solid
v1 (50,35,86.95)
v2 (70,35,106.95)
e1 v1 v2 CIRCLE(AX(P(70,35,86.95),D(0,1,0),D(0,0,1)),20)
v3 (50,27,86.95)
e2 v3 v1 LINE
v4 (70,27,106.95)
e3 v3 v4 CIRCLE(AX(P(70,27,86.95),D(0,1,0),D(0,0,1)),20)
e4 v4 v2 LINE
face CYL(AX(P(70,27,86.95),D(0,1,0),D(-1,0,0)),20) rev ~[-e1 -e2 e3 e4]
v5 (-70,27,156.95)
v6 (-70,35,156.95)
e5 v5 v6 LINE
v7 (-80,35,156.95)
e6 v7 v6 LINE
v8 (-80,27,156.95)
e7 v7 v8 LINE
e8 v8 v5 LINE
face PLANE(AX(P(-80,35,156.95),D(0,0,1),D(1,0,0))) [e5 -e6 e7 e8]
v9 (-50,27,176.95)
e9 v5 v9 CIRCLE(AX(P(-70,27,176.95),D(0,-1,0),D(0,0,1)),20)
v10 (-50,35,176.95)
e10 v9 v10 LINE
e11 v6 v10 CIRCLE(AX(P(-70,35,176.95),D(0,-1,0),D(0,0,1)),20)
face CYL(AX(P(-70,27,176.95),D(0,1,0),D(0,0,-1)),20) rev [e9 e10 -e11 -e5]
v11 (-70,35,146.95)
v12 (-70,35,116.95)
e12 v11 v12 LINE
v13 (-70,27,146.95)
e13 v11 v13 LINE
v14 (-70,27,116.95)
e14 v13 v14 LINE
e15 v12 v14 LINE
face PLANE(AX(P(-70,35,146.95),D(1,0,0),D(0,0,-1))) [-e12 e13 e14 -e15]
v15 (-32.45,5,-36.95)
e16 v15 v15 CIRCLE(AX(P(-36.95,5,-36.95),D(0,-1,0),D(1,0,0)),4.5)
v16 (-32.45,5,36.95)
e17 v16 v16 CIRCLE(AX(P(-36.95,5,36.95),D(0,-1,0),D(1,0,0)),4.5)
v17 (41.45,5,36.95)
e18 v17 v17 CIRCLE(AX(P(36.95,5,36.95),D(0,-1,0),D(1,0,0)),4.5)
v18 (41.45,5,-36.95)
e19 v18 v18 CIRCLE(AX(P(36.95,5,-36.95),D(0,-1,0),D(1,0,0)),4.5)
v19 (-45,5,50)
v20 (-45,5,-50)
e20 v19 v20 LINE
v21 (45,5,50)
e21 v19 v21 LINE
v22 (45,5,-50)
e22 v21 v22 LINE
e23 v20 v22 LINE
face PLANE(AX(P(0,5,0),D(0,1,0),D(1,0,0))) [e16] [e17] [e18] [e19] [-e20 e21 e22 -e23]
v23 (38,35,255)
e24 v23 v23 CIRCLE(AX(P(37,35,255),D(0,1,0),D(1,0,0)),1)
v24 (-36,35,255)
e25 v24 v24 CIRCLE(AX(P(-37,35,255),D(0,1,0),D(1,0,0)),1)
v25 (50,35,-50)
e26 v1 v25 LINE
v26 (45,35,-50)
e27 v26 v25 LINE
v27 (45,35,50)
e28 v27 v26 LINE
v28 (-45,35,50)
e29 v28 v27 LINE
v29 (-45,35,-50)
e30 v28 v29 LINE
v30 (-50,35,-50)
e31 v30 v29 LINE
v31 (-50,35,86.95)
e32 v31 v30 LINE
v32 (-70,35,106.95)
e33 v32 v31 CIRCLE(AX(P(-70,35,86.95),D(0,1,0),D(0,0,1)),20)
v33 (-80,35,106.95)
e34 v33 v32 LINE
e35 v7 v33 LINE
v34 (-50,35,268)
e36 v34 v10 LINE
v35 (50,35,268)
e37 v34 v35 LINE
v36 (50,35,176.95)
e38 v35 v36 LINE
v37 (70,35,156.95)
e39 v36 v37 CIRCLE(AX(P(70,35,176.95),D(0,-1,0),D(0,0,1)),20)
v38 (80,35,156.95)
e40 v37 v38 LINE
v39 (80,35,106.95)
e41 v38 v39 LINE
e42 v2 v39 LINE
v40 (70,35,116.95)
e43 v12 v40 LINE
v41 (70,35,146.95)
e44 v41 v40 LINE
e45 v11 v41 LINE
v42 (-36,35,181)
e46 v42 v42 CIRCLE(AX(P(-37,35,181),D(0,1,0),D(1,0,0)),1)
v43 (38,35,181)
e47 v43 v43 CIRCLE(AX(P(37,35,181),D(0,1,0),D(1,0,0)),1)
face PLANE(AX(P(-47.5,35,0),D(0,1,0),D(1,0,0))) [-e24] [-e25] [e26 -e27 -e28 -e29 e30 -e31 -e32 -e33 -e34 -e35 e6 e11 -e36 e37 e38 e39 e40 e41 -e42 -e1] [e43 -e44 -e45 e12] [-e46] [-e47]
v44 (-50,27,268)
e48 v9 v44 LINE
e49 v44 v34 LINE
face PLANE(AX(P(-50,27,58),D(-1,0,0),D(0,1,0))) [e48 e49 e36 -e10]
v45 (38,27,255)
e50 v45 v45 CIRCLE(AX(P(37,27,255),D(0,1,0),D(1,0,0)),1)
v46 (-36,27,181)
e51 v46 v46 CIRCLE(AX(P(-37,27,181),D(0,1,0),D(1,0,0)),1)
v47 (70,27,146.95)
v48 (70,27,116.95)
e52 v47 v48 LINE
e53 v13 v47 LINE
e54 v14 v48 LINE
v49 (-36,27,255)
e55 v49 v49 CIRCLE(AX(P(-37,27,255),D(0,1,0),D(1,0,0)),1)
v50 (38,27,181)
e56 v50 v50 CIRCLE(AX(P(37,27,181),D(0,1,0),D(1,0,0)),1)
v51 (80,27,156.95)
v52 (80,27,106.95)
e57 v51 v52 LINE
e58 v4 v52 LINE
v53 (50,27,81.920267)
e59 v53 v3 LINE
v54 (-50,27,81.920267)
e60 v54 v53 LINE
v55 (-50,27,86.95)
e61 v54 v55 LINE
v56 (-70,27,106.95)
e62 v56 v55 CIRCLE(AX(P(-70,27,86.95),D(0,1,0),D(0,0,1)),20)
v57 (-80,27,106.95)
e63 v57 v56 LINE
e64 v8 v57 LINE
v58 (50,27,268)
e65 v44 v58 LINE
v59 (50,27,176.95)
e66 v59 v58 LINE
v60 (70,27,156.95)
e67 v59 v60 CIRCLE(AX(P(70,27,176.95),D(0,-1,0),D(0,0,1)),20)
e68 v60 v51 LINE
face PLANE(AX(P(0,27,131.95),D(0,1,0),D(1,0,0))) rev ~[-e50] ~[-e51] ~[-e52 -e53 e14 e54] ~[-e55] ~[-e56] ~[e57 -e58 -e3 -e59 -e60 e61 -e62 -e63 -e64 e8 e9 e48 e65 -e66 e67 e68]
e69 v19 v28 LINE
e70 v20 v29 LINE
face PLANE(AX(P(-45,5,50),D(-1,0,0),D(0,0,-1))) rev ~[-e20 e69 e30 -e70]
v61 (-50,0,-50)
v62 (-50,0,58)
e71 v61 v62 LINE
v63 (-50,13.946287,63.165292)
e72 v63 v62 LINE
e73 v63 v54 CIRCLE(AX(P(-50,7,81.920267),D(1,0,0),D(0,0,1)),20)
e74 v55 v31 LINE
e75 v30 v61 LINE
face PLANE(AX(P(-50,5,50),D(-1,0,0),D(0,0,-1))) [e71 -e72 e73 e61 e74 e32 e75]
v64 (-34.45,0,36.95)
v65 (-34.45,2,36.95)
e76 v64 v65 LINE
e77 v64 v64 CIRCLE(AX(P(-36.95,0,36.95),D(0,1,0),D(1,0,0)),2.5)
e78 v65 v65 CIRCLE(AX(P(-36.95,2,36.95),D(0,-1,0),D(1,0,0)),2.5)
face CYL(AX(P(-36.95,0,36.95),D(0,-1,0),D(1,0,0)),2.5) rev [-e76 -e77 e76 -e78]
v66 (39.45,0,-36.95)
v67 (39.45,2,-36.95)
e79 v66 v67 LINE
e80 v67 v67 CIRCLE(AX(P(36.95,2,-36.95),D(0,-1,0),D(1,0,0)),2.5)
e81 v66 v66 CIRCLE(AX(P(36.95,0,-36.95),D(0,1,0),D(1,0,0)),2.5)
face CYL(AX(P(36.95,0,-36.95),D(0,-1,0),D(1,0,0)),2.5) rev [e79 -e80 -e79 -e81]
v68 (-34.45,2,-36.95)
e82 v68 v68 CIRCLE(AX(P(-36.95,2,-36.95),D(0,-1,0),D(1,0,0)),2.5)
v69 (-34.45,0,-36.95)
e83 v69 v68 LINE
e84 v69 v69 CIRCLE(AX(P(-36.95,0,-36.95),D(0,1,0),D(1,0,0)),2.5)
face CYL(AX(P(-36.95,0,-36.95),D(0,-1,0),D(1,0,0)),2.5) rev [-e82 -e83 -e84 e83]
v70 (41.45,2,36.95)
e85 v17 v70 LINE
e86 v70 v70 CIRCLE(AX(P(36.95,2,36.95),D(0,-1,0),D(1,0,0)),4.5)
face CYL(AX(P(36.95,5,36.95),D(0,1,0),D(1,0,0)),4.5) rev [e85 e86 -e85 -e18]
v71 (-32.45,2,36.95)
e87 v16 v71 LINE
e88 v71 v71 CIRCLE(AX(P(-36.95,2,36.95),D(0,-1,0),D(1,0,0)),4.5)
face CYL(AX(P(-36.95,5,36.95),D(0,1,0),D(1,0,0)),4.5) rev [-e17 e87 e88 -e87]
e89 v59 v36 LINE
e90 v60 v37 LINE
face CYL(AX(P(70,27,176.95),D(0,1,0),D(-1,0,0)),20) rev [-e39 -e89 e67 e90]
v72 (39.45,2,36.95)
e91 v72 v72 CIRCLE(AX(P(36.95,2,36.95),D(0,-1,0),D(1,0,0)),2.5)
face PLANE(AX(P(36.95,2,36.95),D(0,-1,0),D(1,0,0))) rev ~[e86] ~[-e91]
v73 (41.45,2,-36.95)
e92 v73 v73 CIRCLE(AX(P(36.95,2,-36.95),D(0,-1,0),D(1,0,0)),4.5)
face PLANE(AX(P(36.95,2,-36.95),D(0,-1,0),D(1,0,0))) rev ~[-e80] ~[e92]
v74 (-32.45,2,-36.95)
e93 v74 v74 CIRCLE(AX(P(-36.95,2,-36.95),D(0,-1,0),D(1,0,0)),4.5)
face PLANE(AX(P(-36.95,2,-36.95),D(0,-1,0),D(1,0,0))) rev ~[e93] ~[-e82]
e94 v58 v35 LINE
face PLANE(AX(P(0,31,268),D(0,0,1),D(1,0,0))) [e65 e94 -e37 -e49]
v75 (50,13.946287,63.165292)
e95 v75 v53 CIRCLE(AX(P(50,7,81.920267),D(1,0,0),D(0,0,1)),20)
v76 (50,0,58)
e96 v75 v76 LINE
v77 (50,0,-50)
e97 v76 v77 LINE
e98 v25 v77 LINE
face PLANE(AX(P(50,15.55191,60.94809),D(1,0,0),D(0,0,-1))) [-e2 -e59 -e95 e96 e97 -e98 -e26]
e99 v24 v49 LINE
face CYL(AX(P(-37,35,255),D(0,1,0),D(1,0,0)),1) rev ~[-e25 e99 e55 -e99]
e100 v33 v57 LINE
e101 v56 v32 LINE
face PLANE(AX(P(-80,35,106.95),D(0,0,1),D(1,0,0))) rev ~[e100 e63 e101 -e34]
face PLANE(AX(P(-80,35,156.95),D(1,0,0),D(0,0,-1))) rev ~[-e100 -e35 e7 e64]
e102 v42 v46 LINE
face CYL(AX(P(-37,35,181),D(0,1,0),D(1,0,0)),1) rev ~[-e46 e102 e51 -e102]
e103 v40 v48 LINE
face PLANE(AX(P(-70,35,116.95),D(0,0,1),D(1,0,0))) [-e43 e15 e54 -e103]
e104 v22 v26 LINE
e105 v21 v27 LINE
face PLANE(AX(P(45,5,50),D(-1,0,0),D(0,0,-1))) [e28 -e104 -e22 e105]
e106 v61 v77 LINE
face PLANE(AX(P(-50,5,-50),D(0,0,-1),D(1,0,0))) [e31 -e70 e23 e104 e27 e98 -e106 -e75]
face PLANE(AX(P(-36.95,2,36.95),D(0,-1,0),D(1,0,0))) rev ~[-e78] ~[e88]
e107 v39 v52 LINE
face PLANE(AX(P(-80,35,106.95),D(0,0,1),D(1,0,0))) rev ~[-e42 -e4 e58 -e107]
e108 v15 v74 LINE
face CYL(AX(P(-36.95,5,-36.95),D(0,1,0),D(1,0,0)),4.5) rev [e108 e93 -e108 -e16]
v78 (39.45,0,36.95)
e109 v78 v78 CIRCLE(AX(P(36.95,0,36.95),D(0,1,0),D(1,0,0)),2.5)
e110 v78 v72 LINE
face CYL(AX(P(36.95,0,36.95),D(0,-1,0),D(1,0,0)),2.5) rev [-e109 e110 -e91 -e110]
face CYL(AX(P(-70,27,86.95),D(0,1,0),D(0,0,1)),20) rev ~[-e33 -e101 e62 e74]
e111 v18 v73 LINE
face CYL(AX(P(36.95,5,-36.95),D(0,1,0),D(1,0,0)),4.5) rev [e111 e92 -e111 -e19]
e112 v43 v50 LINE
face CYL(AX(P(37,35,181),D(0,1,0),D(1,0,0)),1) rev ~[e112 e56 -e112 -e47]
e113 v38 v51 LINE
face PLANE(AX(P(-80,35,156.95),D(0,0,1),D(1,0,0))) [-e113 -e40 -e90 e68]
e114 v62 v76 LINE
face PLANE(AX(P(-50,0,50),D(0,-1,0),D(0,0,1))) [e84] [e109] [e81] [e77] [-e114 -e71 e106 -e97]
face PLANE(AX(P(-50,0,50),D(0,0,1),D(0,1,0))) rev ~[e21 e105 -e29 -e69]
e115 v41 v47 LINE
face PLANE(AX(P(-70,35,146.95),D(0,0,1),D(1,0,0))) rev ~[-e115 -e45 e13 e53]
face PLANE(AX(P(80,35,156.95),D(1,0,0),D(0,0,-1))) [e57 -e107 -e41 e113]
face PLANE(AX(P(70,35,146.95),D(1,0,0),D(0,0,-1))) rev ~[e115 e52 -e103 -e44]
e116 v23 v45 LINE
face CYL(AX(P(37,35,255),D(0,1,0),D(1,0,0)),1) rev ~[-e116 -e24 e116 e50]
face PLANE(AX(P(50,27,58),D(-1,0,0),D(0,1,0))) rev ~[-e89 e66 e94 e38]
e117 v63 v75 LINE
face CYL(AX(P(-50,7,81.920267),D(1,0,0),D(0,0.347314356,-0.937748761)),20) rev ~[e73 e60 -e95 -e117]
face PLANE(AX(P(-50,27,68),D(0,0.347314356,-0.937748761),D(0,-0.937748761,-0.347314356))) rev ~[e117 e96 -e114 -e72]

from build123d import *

# Parameters (mm, degrees)
SKETCH1_W           = 100
SKETCH1_H           = 100
SKETCH1_R           = 2.5
BOSS_EXTRUDE1_DEPTH = 5
CUT_EXTRUDE1_START  = -5
SKETCH6_R           = 4.5
CUT_EXTRUDE1_DEPTH  = 3
SKETCH8_W           = 8
SKETCH8_H           = 35
BOSS_EXTRUDE2_DEPTH = 100
SKETCH9_W           = 100
SKETCH9_H           = 8
BOSS_EXTRUDE3_DEPTH = 210
SKETCH10_W          = 160
SKETCH10_H          = 50
BOSS_EXTRUDE4_DEPTH = 8
SKETCH11_W          = 140
SKETCH11_H          = 30
CUT_EXTRUDE2_DEPTH  = 8
SKETCH13_R          = 1
CUT_EXTRUDE3_DEPTH  = 8
FILLET1_R           = 20
BOSS_EXTRUDE5_DEPTH = 100
FILLET3_R           = 20
SKETCH15_W          = 5
SKETCH15_H          = 100
BOSS_EXTRUDE6_DEPTH = 30


with BuildPart() as part:
    # Sketch1 → Boss-Extrude1 (new body)
    with BuildSketch(Plane(origin=(0, 0, 0), x_dir=(1, 0, 0), z_dir=(0, 1, 0))):
        Rectangle(SKETCH1_W, SKETCH1_H)
        with Locations((-36.95, 36.95)):
            Circle(SKETCH1_R, mode=Mode.SUBTRACT)
        with Locations((36.95, 36.95)):
            Circle(SKETCH1_R, mode=Mode.SUBTRACT)
        with Locations((36.95, -36.95)):
            Circle(SKETCH1_R, mode=Mode.SUBTRACT)
        with Locations((-36.95, -36.95)):
            Circle(SKETCH1_R, mode=Mode.SUBTRACT)
    extrude(amount=BOSS_EXTRUDE1_DEPTH)

    # Sketch6 → Cut-Extrude1 (cut)
    with BuildSketch(Plane.XZ.offset(CUT_EXTRUDE1_START)):
        with Locations((-36.95, 36.95)):
            Circle(SKETCH6_R)
        with Locations((36.95, 36.95)):
            Circle(SKETCH6_R)
        with Locations((36.95, -36.95)):
            Circle(SKETCH6_R)
        with Locations((-36.95, -36.95)):
            Circle(SKETCH6_R)
    extrude(amount=CUT_EXTRUDE1_DEPTH, mode=Mode.SUBTRACT)

    # Sketch8 → Boss-Extrude2 (add, through all)
    with BuildSketch(Plane.ZY.offset(50)):
        with Locations((54, 17.5)):
            Rectangle(SKETCH8_W, SKETCH8_H)
    extrude(amount=-BOSS_EXTRUDE2_DEPTH)

    # Sketch9 → Boss-Extrude3 (add)
    with BuildSketch(Plane.XY.offset(58)):
        with Locations((0, 31)):
            Rectangle(SKETCH9_W, SKETCH9_H)
    extrude(amount=BOSS_EXTRUDE3_DEPTH)

    # Sketch10 → Boss-Extrude4 (add)
    with BuildSketch(Plane(origin=(0, 35, 0), x_dir=(1, 0, 0), z_dir=(0, 1, 0))):
        with Locations((0, -131.95)):
            Rectangle(SKETCH10_W, SKETCH10_H)
    extrude(amount=-BOSS_EXTRUDE4_DEPTH)

    # Sketch11 → Cut-Extrude2 (cut)
    with BuildSketch(Plane(origin=(0, 35, 0), x_dir=(1, 0, 0), z_dir=(0, 1, 0))):
        with Locations((0, -131.95)):
            Rectangle(SKETCH11_W, SKETCH11_H)
    extrude(amount=-CUT_EXTRUDE2_DEPTH, mode=Mode.SUBTRACT)

    # Sketch13 → Cut-Extrude3 (cut)
    with BuildSketch(Plane(origin=(0, 35, 0), x_dir=(1, 0, 0), z_dir=(0, 1, 0))):
        with Locations((-37, -181)):
            Circle(SKETCH13_R)
        with Locations((37, -181)):
            Circle(SKETCH13_R)
        with Locations((37, -255)):
            Circle(SKETCH13_R)
        with Locations((-37, -255)):
            Circle(SKETCH13_R)
    extrude(amount=-CUT_EXTRUDE3_DEPTH, mode=Mode.SUBTRACT)

    # Fillet1
    fillet1_edges = [part.edges().sort_by_distance(p)[0] for p in [
        (50, 31, 156.95),
        (-50, 31, 156.95),
        (50, 31, 106.95),
        (-50, 31, 106.95),
    ]]
    fillet(fillet1_edges, radius=FILLET1_R)

    # Sketch14 → Boss-Extrude5 (add)
    with BuildSketch(Plane.ZY.offset(50)):
        Polygon((58, 0), (58, 27), (68, 27), align=None)
    extrude(amount=-BOSS_EXTRUDE5_DEPTH)

    # Fillet3
    fillet3_edges = [part.edges().sort_by_distance(p)[0] for p in [
        (0, 27, 68),
    ]]
    fillet(fillet3_edges, radius=FILLET3_R)

    # Sketch15 → Boss-Extrude6 (add)
    with BuildSketch(Plane(origin=(0, 5, 0), x_dir=(1, 0, 0), z_dir=(0, 1, 0))):
        with Locations((-47.5, 0)):
            Rectangle(SKETCH15_W, SKETCH15_H)
        with Locations((47.5, 0)):
            Rectangle(SKETCH15_W, SKETCH15_H)
    extrude(amount=BOSS_EXTRUDE6_DEPTH)


solid = part.part
